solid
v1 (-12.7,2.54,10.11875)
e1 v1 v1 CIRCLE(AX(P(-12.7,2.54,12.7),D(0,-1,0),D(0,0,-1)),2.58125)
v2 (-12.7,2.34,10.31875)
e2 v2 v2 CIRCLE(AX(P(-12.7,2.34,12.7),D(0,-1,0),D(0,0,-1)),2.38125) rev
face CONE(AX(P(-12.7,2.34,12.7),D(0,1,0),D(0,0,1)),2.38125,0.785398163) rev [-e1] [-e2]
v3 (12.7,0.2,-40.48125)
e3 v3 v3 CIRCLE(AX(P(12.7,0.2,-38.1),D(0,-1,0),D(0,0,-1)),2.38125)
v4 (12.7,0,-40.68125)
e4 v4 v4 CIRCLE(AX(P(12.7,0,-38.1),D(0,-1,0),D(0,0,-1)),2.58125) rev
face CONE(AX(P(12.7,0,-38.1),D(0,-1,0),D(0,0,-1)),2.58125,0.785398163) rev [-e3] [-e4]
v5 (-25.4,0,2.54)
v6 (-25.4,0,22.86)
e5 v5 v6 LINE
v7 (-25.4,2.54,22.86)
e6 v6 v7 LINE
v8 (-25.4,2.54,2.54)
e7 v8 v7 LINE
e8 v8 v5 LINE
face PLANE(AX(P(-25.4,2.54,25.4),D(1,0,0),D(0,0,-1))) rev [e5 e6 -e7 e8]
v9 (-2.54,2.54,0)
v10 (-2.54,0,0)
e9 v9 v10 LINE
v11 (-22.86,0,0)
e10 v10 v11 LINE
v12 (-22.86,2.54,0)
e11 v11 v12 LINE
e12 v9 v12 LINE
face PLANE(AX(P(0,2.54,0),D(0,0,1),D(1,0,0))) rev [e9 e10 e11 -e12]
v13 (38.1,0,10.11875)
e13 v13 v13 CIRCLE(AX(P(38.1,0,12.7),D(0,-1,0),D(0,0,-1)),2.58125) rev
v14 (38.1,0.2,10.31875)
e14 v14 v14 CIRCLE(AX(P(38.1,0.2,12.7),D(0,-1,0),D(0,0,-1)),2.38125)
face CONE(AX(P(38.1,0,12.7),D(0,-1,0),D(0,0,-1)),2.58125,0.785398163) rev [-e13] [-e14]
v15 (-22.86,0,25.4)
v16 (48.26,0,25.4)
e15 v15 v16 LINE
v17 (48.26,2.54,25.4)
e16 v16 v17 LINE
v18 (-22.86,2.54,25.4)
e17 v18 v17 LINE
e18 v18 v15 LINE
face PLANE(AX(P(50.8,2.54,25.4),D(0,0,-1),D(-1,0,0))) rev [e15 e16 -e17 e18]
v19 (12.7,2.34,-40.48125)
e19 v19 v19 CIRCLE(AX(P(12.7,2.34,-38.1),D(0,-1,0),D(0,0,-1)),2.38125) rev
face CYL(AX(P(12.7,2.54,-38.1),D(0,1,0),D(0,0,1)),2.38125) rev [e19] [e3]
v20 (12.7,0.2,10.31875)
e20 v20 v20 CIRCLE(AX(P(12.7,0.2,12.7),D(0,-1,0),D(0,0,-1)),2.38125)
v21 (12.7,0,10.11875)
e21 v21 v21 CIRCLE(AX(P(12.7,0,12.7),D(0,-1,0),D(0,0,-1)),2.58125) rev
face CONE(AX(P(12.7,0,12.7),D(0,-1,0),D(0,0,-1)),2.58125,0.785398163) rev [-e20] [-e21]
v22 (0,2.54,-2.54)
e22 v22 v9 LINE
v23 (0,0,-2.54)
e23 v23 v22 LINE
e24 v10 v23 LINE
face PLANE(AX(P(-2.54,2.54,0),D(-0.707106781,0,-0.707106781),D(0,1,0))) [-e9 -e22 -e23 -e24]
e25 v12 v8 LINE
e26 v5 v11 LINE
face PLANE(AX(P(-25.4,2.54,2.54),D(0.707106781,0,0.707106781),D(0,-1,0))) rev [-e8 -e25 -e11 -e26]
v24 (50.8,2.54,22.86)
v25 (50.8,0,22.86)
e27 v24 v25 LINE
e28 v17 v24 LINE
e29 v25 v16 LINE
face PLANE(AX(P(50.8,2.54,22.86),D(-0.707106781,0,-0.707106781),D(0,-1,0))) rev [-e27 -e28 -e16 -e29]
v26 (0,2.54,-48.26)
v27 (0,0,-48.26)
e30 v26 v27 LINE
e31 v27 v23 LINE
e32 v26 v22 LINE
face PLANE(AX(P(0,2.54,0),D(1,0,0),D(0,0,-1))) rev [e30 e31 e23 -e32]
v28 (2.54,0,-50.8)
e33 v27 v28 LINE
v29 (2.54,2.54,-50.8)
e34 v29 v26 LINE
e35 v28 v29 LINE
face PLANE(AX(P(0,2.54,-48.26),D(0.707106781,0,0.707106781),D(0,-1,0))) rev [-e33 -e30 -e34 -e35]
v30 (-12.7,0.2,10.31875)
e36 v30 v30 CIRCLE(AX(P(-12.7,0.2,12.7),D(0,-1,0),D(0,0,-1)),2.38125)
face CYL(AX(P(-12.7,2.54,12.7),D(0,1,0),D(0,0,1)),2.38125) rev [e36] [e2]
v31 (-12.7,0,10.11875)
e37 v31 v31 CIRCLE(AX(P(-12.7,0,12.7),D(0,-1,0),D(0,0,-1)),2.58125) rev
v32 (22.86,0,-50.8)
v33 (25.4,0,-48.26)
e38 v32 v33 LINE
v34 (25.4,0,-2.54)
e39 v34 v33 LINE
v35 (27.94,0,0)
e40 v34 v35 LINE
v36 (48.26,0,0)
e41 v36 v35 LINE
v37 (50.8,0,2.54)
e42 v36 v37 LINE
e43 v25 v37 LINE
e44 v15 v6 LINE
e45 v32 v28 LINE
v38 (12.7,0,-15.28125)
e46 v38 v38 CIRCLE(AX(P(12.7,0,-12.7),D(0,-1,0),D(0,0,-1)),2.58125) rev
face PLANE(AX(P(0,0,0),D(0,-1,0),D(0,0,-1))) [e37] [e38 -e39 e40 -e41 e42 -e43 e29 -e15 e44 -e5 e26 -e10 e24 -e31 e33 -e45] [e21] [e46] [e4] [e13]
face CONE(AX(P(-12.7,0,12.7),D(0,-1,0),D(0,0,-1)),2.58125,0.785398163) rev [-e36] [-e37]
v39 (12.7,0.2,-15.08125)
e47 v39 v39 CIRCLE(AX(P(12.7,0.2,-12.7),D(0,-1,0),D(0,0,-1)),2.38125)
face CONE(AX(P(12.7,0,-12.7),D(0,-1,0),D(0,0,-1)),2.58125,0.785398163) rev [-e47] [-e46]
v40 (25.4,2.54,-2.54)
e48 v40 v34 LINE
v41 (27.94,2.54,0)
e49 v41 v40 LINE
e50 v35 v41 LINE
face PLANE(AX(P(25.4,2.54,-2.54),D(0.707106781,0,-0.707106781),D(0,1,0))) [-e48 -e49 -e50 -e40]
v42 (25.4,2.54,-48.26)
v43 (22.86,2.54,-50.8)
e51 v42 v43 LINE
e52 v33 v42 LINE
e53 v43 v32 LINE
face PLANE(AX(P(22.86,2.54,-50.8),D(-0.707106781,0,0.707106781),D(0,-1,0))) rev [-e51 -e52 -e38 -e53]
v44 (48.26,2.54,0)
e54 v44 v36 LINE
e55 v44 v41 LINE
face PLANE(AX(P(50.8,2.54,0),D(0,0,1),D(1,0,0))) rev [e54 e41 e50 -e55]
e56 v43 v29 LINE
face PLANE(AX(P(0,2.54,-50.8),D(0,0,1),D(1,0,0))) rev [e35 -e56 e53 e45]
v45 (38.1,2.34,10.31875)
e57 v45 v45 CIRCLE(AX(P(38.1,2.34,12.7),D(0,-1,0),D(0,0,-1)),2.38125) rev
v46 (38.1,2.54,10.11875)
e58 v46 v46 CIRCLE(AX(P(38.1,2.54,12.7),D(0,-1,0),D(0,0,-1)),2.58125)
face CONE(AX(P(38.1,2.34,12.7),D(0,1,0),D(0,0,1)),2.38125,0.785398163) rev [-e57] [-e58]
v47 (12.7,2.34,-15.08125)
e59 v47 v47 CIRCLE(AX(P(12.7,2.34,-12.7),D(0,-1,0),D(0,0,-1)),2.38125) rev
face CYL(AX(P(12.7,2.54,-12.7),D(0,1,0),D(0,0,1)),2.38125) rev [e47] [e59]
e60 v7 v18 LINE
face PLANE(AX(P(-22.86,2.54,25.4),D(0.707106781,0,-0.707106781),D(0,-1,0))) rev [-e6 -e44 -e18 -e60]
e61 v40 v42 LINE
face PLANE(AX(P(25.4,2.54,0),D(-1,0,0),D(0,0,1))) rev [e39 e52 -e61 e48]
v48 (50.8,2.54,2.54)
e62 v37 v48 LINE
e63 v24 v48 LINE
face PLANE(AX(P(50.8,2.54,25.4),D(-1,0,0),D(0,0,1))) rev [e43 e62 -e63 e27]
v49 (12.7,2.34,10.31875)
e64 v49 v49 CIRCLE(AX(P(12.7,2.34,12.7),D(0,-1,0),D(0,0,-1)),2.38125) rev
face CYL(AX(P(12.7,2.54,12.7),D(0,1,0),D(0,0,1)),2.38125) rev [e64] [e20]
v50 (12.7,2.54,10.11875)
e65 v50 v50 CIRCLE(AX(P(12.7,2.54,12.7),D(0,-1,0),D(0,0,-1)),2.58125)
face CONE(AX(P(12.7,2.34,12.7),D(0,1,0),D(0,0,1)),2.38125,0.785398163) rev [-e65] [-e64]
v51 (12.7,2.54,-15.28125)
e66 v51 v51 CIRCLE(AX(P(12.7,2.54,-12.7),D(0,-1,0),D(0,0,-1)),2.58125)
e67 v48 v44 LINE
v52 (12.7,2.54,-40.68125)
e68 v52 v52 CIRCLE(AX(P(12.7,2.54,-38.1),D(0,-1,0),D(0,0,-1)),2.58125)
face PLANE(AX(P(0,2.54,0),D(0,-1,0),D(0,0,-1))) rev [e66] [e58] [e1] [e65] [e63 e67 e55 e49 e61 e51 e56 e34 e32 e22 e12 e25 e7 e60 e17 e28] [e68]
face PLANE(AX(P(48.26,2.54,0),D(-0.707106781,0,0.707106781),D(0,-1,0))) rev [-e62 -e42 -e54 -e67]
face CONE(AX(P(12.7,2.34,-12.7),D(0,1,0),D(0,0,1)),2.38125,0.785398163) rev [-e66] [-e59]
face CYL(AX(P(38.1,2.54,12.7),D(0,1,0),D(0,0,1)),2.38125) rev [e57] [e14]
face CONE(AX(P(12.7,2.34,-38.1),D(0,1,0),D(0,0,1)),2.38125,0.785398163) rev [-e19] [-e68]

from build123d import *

# Parameters (mm, degrees)
BOSS_EXTRUDE1_DEPTH            = 2.54
F_3_16_0_1875_DIAMETER_HOLE1_D = 4.7625
CHAMFER1_SIZE                  = 2.54
CHAMFER2_SIZE                  = 0.2


with BuildPart() as part:
    # Sketch1 → Boss-Extrude1 (new body)
    with BuildSketch(Plane(origin=(0, 0, 0), x_dir=(1, 0, 0), z_dir=(0, 1, 0))):
        Polygon((0, 0), (-25.4, 0), (-25.4, -25.4), (50.8, -25.4), (50.8, 0), (25.4, 0), (25.4, 50.8), (0, 50.8), align=None)
    extrude(amount=BOSS_EXTRUDE1_DEPTH)

    # 3/16 (0.1875) Diameter Hole1 (through all)
    with Locations(Plane(origin=(0, 2.54, 0), x_dir=(1, 0, 0), z_dir=(0, 1, 0))):
        with Locations((12.7, 38.1), (12.7, 12.7), (12.7, -12.7), (38.1, -12.7), (-12.7, -12.7)):
            Hole(F_3_16_0_1875_DIAMETER_HOLE1_D / 2)

    # Chamfer1
    chamfer1_edges = [part.edges().sort_by_distance(p)[0] for p in [
        (0, 1.27, -50.8),
        (25.4, 1.27, -50.8),
        (25.4, 1.27, 0),
        (50.8, 1.27, 0),
        (50.8, 1.27, 25.4),
        (-25.4, 1.27, 25.4),
        (-25.4, 1.27, 0),
        (0, 1.27, 0),
    ]]
    chamfer(chamfer1_edges, length=CHAMFER1_SIZE)

    # Chamfer2
    chamfer2_edges = [part.edges().sort_by_distance(p)[0] for p in [
        (-10.31875, 2.54, 12.7),
        (-10.31875, 0, 12.7),
        (40.48125, 2.54, 12.7),
        (40.48125, 0, 12.7),
        (15.08125, 2.54, 12.7),
        (15.08125, 0, 12.7),
        (15.08125, 2.54, -12.7),
        (15.08125, 0, -12.7),
        (15.08125, 2.54, -38.1),
        (15.08125, 0, -38.1),
    ]]
    chamfer(chamfer2_edges, length=CHAMFER2_SIZE)


solid = part.part
